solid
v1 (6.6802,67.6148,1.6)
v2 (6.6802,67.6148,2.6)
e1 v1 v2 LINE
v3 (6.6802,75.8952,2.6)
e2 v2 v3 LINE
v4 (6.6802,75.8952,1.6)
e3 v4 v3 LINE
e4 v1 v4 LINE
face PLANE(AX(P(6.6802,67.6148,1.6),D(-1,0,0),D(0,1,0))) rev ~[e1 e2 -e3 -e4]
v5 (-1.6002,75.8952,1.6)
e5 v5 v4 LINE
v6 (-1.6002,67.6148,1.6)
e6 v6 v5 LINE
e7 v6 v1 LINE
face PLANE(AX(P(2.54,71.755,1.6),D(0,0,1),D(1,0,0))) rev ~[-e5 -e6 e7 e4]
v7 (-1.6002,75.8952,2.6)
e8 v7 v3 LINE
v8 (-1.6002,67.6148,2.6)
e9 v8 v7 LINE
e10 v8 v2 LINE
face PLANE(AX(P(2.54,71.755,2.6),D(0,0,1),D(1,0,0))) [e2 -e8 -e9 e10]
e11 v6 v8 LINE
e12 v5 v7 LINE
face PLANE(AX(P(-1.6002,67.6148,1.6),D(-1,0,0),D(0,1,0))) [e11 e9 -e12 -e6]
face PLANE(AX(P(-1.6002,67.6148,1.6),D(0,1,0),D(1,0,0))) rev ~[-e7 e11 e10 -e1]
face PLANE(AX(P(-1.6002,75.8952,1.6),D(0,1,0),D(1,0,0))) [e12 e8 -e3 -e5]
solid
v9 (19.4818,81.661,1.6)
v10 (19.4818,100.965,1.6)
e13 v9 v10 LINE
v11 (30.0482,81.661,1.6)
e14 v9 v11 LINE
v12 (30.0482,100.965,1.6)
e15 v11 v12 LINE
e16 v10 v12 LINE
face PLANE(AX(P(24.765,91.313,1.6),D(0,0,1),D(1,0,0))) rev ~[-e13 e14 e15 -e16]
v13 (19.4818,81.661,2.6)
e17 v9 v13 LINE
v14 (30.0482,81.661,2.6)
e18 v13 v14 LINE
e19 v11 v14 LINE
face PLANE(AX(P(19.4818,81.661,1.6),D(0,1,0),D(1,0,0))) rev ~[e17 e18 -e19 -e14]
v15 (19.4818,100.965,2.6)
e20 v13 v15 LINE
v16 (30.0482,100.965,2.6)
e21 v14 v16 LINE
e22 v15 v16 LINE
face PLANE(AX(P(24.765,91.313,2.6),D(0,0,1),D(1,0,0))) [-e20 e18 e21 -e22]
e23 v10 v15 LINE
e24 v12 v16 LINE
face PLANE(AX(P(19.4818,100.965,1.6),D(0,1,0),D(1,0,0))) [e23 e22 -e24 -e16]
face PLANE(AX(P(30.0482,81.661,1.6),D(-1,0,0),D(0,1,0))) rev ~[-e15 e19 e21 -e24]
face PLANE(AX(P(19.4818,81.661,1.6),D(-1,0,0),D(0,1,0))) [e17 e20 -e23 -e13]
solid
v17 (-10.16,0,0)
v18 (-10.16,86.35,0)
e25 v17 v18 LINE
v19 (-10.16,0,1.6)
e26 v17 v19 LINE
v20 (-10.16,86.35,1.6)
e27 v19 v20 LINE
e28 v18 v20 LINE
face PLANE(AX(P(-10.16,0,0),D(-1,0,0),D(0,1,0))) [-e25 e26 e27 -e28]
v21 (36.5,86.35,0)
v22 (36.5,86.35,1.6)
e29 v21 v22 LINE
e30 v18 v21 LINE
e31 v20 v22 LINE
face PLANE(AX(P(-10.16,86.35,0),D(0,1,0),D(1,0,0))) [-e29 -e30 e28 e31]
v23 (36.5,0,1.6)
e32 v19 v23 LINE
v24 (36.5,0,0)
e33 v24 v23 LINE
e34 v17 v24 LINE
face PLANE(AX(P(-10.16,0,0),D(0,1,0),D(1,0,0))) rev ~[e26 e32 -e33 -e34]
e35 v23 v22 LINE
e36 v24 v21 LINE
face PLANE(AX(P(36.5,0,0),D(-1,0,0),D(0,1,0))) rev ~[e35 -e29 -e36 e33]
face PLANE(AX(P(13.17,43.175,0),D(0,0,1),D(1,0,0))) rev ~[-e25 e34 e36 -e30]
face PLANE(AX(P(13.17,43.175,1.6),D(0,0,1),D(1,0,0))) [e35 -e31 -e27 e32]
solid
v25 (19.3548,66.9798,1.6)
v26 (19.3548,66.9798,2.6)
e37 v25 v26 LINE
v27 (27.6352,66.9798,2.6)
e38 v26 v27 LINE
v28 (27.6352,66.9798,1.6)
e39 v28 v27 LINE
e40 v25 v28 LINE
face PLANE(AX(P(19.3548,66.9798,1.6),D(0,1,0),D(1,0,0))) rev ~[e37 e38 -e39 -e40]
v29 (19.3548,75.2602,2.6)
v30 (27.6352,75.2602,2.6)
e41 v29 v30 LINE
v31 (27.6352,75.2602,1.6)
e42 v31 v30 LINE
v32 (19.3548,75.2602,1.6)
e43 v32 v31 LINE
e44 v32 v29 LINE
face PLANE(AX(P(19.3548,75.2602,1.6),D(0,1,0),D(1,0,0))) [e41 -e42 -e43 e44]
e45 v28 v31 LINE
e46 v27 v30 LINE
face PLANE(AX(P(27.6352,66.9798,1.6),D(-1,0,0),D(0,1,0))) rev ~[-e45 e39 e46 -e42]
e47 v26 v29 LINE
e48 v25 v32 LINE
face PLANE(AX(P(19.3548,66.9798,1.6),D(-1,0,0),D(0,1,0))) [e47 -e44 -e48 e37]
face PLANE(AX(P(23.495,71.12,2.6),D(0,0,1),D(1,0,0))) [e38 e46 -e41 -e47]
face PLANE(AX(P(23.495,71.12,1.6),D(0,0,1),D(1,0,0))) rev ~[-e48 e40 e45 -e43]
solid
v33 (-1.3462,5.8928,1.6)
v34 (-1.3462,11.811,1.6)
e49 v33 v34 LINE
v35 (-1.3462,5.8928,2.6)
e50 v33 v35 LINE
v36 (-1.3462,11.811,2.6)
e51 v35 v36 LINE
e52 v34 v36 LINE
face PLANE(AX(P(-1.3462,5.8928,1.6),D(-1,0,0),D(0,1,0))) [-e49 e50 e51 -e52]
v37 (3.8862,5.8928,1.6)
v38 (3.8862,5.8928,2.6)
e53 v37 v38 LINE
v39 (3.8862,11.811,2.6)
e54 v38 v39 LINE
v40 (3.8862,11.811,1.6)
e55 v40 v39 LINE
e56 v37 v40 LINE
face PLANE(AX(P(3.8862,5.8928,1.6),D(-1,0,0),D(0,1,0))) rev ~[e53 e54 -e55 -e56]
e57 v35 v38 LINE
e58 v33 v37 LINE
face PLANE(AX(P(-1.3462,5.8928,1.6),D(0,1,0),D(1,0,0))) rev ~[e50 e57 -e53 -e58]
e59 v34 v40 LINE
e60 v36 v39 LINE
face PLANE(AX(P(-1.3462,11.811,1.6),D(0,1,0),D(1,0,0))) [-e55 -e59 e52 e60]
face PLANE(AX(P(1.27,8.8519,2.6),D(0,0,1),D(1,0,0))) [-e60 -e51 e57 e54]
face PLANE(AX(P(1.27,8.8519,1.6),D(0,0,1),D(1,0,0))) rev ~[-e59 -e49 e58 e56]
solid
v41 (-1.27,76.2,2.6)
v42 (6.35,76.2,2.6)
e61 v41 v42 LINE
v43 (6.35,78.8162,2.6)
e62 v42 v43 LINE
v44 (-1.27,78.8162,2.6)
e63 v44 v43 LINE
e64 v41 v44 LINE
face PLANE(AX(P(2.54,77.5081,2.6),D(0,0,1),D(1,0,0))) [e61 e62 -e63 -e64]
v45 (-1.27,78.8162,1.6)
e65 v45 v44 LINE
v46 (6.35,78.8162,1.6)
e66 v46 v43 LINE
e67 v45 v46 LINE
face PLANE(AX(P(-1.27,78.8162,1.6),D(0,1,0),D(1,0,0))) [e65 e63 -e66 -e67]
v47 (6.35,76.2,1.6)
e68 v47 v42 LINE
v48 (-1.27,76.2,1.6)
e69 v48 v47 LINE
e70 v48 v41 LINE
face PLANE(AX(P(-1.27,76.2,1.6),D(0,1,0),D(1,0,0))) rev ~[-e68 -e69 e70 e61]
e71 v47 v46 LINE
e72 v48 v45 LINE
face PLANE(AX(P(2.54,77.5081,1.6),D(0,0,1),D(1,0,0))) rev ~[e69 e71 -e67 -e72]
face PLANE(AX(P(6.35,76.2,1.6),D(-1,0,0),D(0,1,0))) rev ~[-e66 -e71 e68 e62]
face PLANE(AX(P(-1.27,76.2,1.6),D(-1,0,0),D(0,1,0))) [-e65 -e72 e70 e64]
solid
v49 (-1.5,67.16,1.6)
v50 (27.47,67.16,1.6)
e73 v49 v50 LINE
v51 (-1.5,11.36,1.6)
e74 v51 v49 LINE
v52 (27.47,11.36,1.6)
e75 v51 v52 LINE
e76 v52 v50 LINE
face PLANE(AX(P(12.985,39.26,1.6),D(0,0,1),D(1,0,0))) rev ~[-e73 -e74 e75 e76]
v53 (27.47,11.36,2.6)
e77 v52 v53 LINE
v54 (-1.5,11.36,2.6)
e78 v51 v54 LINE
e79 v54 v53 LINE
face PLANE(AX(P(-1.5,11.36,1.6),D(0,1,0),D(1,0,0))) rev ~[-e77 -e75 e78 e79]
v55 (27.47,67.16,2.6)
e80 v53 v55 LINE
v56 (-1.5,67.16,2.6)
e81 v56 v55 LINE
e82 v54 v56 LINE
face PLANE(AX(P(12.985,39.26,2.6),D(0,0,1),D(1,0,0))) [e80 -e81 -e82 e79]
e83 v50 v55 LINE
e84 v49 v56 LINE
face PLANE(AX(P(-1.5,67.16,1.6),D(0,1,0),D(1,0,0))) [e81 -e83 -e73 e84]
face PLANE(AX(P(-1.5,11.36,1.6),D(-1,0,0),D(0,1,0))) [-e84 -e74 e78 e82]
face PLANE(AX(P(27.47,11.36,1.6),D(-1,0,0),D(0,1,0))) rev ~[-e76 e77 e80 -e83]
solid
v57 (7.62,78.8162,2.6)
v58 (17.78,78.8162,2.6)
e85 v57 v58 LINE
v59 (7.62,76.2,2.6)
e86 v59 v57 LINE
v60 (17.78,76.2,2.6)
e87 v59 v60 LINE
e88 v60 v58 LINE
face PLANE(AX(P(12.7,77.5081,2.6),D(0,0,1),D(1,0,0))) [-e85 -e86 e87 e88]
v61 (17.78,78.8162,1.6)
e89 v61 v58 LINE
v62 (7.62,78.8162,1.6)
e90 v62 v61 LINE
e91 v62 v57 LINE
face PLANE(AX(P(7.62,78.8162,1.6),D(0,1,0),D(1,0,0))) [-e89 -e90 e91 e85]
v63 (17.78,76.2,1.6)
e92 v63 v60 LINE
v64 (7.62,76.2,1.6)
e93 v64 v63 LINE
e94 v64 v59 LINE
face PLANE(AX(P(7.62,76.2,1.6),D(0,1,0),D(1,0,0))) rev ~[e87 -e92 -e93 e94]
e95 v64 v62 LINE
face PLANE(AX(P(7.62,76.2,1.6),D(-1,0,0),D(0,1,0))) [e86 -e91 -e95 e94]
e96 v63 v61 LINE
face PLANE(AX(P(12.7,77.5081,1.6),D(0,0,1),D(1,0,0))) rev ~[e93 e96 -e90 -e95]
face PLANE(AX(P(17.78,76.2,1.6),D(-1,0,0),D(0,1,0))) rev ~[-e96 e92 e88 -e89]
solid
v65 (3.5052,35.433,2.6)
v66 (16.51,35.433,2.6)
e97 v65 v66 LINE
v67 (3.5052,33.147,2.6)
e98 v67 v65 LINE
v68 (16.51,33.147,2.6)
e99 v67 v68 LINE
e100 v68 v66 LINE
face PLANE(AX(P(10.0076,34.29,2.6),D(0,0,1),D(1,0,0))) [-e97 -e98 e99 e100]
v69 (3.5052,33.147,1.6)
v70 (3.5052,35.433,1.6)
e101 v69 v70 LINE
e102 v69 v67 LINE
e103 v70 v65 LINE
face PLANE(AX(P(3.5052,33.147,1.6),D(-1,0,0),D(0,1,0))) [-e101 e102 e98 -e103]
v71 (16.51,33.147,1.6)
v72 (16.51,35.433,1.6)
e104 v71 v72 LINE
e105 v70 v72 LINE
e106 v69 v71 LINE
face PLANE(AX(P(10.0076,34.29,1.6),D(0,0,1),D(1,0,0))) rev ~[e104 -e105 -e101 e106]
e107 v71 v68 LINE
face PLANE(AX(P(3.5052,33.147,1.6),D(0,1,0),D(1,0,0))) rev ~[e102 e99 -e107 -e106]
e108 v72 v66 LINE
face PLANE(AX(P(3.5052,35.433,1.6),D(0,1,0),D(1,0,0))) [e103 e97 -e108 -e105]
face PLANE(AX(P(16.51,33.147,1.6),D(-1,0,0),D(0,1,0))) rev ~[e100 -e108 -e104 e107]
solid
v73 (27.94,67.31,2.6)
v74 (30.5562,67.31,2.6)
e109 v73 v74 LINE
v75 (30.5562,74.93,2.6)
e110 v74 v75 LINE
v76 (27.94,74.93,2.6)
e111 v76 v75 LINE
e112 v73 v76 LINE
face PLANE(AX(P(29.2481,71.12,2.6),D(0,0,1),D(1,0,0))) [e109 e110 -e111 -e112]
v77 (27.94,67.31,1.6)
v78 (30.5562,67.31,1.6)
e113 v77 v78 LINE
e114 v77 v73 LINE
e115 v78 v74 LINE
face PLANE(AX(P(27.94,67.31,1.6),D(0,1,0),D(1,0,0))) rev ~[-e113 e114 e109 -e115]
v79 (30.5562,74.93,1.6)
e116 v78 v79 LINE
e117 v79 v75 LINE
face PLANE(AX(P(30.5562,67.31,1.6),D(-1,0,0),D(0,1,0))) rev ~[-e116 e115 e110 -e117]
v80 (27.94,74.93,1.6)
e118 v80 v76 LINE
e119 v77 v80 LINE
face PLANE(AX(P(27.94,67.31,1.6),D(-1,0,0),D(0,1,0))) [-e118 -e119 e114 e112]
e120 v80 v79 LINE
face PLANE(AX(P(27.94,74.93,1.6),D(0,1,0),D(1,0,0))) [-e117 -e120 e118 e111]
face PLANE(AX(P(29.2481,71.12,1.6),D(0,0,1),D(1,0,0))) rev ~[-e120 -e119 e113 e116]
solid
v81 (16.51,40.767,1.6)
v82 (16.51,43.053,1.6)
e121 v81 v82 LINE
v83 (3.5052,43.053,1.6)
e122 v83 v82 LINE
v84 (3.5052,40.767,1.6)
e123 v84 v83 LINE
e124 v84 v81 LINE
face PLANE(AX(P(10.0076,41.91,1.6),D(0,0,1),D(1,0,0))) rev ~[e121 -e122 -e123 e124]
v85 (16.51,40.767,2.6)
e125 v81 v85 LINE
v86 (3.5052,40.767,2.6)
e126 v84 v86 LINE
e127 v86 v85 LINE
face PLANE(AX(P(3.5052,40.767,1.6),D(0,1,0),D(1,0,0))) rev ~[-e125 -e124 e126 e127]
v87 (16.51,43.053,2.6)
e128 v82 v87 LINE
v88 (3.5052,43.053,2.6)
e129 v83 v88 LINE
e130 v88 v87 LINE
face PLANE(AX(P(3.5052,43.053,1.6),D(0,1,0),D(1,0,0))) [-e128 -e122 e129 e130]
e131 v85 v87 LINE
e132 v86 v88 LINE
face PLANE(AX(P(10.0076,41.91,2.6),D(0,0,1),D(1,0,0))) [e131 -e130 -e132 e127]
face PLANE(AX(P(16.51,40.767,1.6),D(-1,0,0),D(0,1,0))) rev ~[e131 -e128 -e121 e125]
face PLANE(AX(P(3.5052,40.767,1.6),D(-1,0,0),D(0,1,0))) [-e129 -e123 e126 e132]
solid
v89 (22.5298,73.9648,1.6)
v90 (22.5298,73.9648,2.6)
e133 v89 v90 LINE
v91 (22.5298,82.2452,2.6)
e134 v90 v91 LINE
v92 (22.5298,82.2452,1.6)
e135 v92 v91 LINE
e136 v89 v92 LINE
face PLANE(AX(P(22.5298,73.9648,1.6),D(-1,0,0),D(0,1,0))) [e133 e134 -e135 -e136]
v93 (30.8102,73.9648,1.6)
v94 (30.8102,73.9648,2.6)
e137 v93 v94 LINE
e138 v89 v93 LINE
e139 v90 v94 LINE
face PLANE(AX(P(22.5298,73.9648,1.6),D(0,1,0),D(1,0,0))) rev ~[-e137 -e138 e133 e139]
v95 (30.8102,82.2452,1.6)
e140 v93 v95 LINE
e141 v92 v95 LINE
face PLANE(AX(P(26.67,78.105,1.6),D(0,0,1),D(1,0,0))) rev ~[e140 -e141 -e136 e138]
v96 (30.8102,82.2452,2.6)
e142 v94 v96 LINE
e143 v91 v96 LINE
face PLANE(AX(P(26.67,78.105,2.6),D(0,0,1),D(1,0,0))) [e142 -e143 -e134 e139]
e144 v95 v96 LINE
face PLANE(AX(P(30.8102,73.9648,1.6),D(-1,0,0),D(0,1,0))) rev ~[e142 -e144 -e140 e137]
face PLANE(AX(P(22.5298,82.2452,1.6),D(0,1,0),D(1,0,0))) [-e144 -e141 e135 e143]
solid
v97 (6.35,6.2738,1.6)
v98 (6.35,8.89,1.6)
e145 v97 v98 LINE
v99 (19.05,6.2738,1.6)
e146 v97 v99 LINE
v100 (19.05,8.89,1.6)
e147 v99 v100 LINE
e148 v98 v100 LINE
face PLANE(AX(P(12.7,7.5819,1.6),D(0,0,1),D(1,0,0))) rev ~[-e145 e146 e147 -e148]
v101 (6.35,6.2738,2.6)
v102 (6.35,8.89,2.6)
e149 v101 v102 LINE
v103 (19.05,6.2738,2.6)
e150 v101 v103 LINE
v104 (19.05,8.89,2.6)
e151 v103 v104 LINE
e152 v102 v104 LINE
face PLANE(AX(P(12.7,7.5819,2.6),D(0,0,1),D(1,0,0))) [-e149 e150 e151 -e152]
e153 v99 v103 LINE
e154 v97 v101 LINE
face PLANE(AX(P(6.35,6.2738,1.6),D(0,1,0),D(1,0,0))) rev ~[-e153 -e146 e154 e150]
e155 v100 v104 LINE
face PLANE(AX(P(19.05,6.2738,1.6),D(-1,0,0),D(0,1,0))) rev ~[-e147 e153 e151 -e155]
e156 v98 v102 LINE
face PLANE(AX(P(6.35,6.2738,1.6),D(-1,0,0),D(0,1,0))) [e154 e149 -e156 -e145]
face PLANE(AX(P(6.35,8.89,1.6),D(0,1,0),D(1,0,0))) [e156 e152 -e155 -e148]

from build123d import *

# Parameters (mm, degrees)
SKETCH1_W                        = 46.66
SKETCH1_H                        = 86.35
BOARD_DEPTH                      = 1.6
SKETCH2_W                        = 8.2804
SKETCH2_H                        = 8.2804
EXTRUDE_E3_5_8_1_DEPTH           = 1
SKETCH3_W                        = 8.2804
SKETCH3_H                        = 8.2804
EXTRUDE_E3_5_8_2_DEPTH           = 1
SKETCH4_W                        = 8.2804
SKETCH4_H                        = 8.2804
EXTRUDE_E3_5_8_3_DEPTH           = 1
SKETCH5_W                        = 10.16
SKETCH5_H                        = 2.6162
DO41_10_1_DEPTH                  = 1
SKETCH6_W                        = 10.5664
SKETCH6_H                        = 19.304
TO220H_1_DEPTH                   = 1
SKETCH7_W                        = 5.2324
SKETCH7_H                        = 5.9182
DIL04_1_DEPTH                    = 1
SKETCH8_W                        = 13.0048
SKETCH8_H                        = 2.286
EXTRUDE_0207_12_1_DEPTH          = 1
SKETCH9_W                        = 13.0048
SKETCH9_H                        = 2.286
EXTRUDE_0207_12_2_DEPTH          = 1
SKETCH10_W                       = 2.6162
SKETCH10_H                       = 7.62
EXTRUDE_1X03_1_DEPTH             = 1
SKETCH11_W                       = 7.62
SKETCH11_H                       = 2.6162
EXTRUDE_1X03_2_DEPTH             = 1
SKETCH12_W                       = 12.7
SKETCH12_H                       = 2.6162
EXTRUDE_1X05_1_DEPTH             = 1
SKETCH13_W                       = 28.97
SKETCH13_H                       = 55.8
MODULE_ESP32_DEVKITC_32U_1_DEPTH = 1


with BuildPart() as part:
    # Sketch1 → BOARD (new body)
    with BuildSketch(Plane.XY):
        with Locations((13.17, 43.175)):
            Rectangle(SKETCH1_W, SKETCH1_H)
    extrude(amount=BOARD_DEPTH)


with BuildPart() as body_2:
    # Sketch2 → Extrude E3_5-8-1 (new body)
    with BuildSketch(Plane.XY.offset(1.6)):
        with Locations((2.54, 71.755)):
            Rectangle(SKETCH2_W, SKETCH2_H)
    extrude(amount=EXTRUDE_E3_5_8_1_DEPTH)


with BuildPart() as body_3:
    # Sketch3 → Extrude E3_5-8-2 (new body)
    with BuildSketch(Plane.XY.offset(1.6)):
        with Locations((26.67, 78.105)):
            Rectangle(SKETCH3_W, SKETCH3_H)
    extrude(amount=EXTRUDE_E3_5_8_2_DEPTH)


with BuildPart() as body_4:
    # Sketch4 → Extrude E3_5-8-3 (new body)
    with BuildSketch(Plane.XY.offset(1.6)):
        with Locations((23.495, 71.12)):
            Rectangle(SKETCH4_W, SKETCH4_H)
    extrude(amount=EXTRUDE_E3_5_8_3_DEPTH)


with BuildPart() as body_5:
    # Sketch5 → DO41-10-1 (new body)
    with BuildSketch(Plane.XY.offset(1.6)):
        with Locations((12.7, 77.5081)):
            Rectangle(SKETCH5_W, SKETCH5_H)
    extrude(amount=DO41_10_1_DEPTH)


with BuildPart() as body_6:
    # Sketch6 → TO220H-1 (new body)
    with BuildSketch(Plane.XY.offset(1.6)):
        with Locations((24.765, 91.313)):
            Rectangle(SKETCH6_W, SKETCH6_H)
    extrude(amount=TO220H_1_DEPTH)


with BuildPart() as body_7:
    # Sketch7 → DIL04-1 (new body)
    with BuildSketch(Plane.XY.offset(1.6)):
        with Locations((1.27, 8.8519)):
            Rectangle(SKETCH7_W, SKETCH7_H)
    extrude(amount=DIL04_1_DEPTH)


with BuildPart() as body_8:
    # Sketch8 → Extrude 0207_12-1 (new body)
    with BuildSketch(Plane.XY.offset(1.6)):
        with Locations((10.0076, 34.29)):
            Rectangle(SKETCH8_W, SKETCH8_H)
    extrude(amount=EXTRUDE_0207_12_1_DEPTH)


with BuildPart() as body_9:
    # Sketch9 → Extrude 0207_12-2 (new body)
    with BuildSketch(Plane.XY.offset(1.6)):
        with Locations((10.0076, 41.91)):
            Rectangle(SKETCH9_W, SKETCH9_H)
    extrude(amount=EXTRUDE_0207_12_2_DEPTH)


with BuildPart() as body_10:
    # Sketch10 → Extrude 1X03-1 (new body)
    with BuildSketch(Plane.XY.offset(1.6)):
        with Locations((29.2481, 71.12)):
            Rectangle(SKETCH10_W, SKETCH10_H)
    extrude(amount=EXTRUDE_1X03_1_DEPTH)


with BuildPart() as body_11:
    # Sketch11 → Extrude 1X03-2 (new body)
    with BuildSketch(Plane.XY.offset(1.6)):
        with Locations((2.54, 77.5081)):
            Rectangle(SKETCH11_W, SKETCH11_H)
    extrude(amount=EXTRUDE_1X03_2_DEPTH)


with BuildPart() as body_12:
    # Sketch12 → Extrude 1X05-1 (new body)
    with BuildSketch(Plane.XY.offset(1.6)):
        with Locations((12.7, 7.5819)):
            Rectangle(SKETCH12_W, SKETCH12_H)
    extrude(amount=EXTRUDE_1X05_1_DEPTH)


with BuildPart() as body_13:
    # Sketch13 → MODULE_ESP32-DEVKITC-32U-1 (new body)
    with BuildSketch(Plane.XY.offset(1.6)):
        with Locations((12.985, 39.26)):
            Rectangle(SKETCH13_W, SKETCH13_H)
    extrude(amount=MODULE_ESP32_DEVKITC_32U_1_DEPTH)


solid = Compound([part.part, body_2.part, body_3.part, body_4.part, body_5.part, body_6.part, body_7.part, body_8.part, body_9.part, body_10.part, body_11.part, body_12.part, body_13.part])
